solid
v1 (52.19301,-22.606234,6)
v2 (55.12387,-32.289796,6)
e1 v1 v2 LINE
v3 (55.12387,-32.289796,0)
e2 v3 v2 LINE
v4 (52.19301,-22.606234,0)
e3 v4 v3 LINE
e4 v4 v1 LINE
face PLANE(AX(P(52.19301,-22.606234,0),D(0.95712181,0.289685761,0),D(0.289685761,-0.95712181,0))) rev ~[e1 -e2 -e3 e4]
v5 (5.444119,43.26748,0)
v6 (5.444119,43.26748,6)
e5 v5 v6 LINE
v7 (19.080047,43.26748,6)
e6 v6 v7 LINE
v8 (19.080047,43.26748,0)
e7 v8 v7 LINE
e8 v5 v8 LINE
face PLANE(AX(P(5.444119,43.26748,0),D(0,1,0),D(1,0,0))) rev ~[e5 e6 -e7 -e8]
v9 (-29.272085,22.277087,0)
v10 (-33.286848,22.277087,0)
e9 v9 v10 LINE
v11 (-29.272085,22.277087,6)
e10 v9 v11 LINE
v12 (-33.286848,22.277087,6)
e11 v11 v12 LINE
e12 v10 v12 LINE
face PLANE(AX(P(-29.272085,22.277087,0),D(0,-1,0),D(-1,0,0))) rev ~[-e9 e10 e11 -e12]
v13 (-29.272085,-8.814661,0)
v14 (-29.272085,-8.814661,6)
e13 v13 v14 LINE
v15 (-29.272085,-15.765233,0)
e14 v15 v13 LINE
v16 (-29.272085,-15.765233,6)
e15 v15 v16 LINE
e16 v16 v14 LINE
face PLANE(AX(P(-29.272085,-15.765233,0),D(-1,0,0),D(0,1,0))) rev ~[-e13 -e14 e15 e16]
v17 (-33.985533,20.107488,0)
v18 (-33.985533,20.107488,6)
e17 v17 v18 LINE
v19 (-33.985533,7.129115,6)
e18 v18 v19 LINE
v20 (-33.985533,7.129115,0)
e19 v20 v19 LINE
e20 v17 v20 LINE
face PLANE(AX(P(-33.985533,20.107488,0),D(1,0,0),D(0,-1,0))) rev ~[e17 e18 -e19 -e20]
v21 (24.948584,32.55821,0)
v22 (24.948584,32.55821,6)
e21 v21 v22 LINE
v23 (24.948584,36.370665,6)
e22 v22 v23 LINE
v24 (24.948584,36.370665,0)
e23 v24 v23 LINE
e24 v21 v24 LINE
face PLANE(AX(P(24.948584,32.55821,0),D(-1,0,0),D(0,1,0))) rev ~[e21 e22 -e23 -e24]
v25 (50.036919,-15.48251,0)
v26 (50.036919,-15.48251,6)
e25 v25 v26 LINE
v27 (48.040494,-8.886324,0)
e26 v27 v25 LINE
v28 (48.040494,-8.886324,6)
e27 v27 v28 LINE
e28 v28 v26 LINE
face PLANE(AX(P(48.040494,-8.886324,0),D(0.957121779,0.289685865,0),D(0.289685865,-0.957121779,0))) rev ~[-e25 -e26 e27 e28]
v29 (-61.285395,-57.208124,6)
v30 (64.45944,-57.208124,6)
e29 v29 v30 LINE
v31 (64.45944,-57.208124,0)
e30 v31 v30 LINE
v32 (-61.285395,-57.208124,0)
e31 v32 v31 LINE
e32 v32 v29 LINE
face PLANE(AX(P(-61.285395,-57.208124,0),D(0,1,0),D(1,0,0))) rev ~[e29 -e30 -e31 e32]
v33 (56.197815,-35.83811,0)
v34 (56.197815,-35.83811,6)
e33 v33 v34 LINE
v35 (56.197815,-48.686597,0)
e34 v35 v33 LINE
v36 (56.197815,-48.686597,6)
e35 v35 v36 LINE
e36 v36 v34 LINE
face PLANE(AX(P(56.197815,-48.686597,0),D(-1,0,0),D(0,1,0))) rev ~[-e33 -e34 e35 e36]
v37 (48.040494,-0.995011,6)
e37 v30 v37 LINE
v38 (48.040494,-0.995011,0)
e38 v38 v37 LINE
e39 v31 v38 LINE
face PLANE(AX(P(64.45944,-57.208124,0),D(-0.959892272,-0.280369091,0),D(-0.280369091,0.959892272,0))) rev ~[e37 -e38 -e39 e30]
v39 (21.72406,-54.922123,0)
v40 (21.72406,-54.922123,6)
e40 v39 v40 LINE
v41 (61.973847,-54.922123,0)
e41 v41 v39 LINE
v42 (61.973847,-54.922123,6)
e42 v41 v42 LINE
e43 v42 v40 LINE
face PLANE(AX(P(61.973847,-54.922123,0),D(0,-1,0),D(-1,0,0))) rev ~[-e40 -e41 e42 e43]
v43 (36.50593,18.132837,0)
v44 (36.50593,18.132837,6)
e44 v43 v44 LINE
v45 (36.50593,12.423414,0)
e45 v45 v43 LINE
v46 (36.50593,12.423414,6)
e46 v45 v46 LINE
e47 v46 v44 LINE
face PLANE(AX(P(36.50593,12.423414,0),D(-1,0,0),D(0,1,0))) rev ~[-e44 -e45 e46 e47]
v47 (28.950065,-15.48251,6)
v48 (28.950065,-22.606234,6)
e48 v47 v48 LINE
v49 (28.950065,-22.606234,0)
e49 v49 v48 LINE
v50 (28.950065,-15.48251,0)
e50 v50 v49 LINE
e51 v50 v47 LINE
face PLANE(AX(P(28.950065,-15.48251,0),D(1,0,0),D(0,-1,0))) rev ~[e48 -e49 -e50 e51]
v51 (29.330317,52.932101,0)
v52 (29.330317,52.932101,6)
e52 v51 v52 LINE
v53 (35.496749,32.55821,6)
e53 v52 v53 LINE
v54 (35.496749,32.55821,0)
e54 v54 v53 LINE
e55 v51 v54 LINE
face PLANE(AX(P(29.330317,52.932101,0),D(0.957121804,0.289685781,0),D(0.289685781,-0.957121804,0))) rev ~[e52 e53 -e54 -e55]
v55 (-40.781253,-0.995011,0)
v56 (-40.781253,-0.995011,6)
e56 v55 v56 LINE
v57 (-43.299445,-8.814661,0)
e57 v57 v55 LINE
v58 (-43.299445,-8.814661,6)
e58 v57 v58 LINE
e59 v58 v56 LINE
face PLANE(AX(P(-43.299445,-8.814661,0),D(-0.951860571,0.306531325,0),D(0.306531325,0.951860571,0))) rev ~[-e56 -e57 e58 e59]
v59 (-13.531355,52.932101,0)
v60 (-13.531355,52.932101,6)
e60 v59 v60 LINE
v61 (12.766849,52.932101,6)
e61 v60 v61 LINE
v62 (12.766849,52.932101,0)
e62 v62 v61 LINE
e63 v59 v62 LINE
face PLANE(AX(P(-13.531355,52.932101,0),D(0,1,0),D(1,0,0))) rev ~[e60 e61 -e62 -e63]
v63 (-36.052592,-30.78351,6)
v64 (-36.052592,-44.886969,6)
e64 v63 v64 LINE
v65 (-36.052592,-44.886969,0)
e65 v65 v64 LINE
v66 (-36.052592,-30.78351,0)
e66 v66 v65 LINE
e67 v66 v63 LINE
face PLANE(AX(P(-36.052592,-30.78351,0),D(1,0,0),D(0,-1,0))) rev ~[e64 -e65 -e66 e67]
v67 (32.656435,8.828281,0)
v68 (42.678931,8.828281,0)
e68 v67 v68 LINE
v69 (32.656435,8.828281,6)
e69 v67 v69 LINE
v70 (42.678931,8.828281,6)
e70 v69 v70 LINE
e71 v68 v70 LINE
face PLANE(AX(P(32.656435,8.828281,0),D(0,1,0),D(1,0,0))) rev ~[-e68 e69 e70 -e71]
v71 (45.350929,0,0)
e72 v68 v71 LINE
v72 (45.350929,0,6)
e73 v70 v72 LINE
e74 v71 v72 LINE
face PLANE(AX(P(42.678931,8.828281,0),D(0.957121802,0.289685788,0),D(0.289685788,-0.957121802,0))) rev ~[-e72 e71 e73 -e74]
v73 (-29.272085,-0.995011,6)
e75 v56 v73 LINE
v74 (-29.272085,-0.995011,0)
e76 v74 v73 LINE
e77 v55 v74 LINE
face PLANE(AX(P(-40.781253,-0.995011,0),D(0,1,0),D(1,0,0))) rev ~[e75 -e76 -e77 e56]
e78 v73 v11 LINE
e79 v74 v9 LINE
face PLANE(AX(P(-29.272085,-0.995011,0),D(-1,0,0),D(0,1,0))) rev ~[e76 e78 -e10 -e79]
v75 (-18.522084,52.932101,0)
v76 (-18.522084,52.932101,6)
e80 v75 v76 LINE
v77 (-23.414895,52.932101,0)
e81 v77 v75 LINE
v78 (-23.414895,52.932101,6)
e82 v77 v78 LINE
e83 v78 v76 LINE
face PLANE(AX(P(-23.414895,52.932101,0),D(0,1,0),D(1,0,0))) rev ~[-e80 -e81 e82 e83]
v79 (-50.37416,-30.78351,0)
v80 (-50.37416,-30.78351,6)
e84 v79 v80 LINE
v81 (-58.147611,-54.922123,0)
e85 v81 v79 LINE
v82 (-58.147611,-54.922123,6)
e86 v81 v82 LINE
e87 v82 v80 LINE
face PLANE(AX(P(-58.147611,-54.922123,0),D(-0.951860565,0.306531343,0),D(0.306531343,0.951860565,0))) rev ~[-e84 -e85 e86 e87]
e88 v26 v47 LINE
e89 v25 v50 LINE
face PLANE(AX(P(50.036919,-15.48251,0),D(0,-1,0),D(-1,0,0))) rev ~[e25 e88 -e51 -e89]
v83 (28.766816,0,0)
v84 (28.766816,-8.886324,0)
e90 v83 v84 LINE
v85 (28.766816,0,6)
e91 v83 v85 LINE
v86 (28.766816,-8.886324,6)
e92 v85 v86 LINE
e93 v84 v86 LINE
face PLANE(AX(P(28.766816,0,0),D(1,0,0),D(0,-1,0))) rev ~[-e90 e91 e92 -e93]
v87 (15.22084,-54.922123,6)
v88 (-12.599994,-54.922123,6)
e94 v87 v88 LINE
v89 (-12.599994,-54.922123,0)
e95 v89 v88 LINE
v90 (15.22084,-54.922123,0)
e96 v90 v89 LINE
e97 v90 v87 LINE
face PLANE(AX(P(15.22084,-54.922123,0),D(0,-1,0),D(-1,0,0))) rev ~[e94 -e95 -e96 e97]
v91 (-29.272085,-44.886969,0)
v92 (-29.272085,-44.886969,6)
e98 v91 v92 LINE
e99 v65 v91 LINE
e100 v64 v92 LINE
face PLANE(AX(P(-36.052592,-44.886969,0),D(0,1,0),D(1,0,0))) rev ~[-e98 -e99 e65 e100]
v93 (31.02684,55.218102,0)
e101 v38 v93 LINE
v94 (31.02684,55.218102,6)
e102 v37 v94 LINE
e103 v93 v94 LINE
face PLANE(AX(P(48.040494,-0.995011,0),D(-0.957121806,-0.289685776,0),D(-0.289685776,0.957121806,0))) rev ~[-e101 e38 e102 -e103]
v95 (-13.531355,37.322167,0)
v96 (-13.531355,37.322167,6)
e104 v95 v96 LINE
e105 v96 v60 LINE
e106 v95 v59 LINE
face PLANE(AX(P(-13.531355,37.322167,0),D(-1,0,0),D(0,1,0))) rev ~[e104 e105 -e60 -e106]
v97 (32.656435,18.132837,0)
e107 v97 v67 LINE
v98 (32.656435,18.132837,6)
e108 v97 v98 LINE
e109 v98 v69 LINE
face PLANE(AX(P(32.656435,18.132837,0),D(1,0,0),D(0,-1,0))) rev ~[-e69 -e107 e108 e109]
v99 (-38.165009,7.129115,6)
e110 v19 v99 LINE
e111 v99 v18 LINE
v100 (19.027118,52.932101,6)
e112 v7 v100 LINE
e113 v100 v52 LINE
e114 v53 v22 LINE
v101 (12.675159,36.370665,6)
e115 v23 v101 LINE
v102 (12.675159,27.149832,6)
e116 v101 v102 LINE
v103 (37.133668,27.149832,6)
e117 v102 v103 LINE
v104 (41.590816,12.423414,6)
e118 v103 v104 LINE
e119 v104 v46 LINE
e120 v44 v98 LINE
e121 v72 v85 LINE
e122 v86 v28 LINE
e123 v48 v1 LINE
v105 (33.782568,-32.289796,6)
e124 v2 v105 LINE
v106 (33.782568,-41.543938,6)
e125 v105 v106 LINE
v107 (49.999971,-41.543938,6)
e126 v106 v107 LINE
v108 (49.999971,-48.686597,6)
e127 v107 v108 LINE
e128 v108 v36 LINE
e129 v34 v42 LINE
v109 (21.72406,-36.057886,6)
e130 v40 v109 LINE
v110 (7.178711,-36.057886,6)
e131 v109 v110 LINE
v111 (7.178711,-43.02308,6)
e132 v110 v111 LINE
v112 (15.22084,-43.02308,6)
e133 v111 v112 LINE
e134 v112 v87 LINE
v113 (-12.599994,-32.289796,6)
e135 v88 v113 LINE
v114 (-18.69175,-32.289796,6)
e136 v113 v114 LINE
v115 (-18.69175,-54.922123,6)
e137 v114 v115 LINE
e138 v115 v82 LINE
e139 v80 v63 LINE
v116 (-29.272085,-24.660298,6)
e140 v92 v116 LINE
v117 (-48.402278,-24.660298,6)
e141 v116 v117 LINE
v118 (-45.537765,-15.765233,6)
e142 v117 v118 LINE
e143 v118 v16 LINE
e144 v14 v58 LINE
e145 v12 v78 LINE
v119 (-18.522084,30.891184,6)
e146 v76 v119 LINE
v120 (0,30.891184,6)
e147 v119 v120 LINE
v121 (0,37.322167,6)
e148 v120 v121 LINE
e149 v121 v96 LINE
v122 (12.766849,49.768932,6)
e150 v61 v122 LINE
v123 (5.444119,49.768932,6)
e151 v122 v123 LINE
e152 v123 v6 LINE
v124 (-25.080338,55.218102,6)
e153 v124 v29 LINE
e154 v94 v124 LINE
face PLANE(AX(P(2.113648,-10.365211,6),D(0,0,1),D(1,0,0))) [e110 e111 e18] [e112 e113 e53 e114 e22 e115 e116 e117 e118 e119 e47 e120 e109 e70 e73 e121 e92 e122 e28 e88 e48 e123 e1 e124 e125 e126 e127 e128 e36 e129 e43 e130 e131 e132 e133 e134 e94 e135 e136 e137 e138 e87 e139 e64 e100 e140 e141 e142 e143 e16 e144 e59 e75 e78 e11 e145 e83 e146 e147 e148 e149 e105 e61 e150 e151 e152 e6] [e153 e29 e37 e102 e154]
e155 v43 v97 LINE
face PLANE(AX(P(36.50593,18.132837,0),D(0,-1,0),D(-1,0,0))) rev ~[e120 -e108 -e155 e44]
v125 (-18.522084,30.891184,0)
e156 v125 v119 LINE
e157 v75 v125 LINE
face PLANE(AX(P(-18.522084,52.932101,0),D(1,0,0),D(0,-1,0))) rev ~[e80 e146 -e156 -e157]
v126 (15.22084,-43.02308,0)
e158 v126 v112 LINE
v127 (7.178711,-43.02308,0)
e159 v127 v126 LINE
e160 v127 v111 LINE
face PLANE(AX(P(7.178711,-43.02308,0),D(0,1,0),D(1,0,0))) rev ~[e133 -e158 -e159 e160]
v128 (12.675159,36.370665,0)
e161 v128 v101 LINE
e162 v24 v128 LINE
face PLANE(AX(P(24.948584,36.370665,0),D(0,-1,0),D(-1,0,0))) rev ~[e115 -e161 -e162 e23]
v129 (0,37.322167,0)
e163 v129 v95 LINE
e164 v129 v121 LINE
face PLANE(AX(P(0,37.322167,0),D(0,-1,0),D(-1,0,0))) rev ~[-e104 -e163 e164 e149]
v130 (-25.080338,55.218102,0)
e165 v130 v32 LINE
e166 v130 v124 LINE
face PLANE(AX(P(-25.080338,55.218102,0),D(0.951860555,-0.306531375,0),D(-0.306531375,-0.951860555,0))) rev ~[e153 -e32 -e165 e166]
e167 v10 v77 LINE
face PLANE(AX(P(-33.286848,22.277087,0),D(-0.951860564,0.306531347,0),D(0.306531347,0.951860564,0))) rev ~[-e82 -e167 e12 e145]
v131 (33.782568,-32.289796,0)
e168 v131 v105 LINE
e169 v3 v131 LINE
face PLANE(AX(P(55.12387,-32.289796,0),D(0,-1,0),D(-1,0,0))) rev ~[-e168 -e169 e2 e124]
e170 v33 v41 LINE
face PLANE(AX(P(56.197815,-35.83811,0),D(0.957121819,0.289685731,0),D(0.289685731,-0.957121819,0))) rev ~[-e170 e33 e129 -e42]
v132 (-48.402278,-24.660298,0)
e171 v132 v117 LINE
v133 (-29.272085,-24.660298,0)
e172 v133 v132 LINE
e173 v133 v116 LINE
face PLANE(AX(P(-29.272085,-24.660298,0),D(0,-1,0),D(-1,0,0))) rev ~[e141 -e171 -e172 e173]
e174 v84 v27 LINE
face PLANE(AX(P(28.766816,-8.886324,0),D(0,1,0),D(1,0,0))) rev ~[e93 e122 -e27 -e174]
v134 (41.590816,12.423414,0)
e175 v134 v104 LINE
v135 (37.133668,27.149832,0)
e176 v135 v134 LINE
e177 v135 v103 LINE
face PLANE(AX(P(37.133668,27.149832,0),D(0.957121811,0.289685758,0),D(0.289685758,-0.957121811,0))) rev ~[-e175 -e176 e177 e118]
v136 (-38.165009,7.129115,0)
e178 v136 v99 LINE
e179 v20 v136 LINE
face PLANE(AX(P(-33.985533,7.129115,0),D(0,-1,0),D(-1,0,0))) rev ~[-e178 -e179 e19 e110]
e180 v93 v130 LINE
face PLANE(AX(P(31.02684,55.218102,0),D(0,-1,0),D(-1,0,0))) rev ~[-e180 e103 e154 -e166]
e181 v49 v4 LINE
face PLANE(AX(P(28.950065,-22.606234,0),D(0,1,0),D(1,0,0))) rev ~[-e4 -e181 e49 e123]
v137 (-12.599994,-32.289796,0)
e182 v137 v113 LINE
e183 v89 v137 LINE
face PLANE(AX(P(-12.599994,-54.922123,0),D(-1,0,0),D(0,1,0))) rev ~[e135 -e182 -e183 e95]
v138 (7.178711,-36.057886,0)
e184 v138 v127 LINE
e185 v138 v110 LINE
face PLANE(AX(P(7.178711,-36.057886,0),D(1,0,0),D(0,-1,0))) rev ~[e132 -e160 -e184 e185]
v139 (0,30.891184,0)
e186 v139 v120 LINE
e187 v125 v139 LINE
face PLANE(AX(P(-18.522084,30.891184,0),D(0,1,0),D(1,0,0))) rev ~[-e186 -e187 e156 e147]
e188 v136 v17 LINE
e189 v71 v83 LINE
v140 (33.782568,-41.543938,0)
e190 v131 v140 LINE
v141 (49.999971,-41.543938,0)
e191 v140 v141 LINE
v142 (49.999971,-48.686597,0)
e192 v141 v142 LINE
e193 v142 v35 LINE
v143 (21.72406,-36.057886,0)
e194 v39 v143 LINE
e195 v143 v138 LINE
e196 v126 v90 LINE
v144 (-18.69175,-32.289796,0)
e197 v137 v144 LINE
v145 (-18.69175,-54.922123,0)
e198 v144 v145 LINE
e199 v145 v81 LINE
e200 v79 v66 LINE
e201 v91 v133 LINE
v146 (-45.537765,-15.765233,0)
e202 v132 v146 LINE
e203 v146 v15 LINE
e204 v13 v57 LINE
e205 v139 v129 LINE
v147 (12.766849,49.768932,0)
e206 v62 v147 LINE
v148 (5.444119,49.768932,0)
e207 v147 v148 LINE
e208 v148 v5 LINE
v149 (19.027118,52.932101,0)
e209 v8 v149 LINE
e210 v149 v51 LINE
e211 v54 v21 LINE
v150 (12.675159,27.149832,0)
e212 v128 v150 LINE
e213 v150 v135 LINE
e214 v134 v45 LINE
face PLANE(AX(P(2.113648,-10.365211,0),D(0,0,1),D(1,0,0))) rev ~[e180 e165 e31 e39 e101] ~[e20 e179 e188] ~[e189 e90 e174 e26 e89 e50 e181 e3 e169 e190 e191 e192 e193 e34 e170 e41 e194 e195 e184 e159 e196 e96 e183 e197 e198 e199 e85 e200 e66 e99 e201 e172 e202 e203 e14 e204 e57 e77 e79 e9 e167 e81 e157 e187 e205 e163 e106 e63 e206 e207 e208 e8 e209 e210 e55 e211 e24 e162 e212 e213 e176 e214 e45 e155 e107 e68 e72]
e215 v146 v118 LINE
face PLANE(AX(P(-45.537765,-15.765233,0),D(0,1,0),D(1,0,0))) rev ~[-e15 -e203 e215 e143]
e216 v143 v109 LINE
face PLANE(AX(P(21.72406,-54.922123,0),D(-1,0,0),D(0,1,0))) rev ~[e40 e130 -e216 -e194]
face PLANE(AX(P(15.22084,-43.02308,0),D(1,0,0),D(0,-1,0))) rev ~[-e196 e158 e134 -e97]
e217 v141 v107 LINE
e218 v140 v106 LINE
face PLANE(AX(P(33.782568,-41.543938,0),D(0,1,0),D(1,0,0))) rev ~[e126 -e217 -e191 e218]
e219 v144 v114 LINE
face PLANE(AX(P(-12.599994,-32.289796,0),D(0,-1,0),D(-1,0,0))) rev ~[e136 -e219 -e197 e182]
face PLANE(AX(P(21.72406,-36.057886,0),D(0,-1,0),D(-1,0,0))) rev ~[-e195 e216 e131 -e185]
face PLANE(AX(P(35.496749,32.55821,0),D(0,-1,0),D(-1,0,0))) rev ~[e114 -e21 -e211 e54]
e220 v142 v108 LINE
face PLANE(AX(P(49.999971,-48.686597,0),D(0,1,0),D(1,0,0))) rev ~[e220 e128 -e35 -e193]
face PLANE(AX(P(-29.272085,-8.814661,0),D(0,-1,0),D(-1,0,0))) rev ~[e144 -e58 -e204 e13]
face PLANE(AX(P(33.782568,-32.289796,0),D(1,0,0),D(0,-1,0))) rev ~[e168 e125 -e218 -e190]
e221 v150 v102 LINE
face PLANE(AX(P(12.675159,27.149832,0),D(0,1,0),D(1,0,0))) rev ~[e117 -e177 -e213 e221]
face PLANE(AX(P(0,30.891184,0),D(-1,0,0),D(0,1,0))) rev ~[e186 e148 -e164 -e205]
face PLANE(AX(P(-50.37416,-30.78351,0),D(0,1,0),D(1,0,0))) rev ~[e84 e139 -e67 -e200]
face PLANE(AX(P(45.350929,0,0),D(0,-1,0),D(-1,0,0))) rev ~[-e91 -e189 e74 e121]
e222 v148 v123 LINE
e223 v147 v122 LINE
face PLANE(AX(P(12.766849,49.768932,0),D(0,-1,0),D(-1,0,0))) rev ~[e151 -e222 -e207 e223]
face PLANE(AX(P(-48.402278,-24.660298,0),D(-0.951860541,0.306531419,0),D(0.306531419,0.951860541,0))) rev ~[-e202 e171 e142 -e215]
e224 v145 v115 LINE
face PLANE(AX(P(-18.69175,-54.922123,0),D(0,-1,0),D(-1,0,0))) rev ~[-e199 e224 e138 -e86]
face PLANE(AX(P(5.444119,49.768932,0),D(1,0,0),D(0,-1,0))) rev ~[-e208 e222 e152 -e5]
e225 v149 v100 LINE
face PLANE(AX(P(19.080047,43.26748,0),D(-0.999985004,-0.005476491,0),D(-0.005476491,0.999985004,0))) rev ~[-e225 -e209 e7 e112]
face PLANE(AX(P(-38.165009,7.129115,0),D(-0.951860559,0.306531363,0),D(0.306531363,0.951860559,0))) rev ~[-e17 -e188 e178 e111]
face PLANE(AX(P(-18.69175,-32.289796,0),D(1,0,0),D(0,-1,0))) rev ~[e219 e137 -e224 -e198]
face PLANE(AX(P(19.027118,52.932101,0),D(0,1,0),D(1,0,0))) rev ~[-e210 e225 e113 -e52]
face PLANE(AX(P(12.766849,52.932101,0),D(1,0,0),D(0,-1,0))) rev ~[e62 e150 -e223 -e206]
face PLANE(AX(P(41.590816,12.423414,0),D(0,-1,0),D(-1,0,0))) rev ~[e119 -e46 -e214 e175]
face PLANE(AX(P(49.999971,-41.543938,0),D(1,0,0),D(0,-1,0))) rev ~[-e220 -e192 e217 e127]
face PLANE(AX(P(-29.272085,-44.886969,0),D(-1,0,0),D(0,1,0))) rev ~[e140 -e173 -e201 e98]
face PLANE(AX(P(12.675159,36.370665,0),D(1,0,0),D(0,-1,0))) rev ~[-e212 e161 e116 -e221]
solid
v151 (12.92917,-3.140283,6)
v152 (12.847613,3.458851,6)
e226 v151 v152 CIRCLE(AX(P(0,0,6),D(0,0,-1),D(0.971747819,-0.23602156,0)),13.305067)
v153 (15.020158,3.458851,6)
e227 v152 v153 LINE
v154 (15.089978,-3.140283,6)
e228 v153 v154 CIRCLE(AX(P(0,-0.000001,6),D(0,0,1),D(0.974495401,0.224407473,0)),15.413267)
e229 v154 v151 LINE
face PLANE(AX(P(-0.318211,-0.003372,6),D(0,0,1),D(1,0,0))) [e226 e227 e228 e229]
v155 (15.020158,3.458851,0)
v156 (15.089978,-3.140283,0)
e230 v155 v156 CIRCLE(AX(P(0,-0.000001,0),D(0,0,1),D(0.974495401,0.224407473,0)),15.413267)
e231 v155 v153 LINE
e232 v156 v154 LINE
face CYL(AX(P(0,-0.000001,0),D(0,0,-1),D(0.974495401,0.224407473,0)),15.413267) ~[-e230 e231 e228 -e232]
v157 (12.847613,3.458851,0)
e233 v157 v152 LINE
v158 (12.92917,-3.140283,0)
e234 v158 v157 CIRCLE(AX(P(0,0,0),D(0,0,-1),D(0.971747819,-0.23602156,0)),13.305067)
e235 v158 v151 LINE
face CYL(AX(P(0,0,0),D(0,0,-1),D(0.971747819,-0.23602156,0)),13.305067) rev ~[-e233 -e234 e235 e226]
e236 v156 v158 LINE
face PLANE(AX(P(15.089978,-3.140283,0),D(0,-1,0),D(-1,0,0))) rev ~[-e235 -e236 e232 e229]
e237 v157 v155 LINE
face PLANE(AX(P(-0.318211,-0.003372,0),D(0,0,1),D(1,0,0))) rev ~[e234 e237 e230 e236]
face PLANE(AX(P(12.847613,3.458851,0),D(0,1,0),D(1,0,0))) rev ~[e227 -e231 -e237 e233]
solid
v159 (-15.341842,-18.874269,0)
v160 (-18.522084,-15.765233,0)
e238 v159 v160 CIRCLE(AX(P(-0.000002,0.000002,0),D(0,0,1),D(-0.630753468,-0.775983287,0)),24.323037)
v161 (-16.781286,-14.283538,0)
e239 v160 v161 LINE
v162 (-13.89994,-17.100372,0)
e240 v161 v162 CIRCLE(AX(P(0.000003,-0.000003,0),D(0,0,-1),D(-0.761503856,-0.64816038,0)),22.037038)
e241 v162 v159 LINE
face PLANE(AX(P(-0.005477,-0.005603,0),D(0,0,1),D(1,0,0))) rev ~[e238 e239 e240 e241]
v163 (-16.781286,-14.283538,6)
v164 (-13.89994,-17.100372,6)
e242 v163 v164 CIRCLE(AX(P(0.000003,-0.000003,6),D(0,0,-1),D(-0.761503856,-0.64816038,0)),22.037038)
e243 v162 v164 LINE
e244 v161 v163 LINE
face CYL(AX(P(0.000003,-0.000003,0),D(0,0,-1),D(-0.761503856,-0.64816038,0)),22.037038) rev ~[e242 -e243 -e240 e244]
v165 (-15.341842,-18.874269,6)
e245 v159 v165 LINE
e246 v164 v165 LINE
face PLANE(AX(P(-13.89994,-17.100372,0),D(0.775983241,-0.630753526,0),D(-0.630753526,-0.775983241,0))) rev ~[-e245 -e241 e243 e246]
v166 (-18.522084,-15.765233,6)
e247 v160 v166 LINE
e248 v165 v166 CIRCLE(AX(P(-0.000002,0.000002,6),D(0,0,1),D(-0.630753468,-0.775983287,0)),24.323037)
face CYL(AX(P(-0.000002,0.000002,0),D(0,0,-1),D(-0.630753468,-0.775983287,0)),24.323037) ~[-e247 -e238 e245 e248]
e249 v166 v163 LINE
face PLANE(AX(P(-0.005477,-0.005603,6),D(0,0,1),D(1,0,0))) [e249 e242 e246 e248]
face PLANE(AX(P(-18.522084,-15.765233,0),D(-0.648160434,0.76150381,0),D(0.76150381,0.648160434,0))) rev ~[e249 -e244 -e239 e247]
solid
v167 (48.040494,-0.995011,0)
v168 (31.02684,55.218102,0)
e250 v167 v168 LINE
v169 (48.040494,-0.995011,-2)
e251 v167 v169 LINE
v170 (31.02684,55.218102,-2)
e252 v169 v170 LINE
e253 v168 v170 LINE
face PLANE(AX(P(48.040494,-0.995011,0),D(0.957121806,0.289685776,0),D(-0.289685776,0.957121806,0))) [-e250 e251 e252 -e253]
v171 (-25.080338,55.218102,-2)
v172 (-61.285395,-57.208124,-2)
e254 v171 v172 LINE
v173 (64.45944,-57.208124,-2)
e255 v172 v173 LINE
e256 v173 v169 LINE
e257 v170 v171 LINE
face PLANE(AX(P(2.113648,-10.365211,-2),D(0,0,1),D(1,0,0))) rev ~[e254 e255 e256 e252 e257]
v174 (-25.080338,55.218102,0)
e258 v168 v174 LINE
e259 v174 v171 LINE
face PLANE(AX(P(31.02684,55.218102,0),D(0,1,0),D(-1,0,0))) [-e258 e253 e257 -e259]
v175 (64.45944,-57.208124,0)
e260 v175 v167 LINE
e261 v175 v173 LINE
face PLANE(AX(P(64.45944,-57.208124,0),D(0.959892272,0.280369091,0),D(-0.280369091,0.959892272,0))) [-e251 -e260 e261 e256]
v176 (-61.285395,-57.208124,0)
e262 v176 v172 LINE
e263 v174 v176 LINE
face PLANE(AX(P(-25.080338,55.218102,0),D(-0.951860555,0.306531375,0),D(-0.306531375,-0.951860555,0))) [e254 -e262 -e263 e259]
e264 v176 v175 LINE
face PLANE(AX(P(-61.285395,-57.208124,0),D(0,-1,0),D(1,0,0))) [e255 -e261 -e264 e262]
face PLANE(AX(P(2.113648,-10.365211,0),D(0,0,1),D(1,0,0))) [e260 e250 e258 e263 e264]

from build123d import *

# Parameters (mm, degrees)
F1_DEPTH = 6
F3_DEPTH = 2


with BuildPart() as f1:
    # F0 (on Top) → F1 (new body)
    with BuildSketch(Plane.XY):
        Polygon((31.02684, 55.218102), (-25.080338, 55.218102), (-61.285395, -57.208124), (64.45944, -57.208124), (48.040494, -0.995011), align=None)
        Polygon((-38.165009, 7.129115), (-33.985533, 20.107488), (-33.985533, 7.129115), align=None, mode=Mode.SUBTRACT)
        Polygon((-18.69175, -54.922123), (-58.147611, -54.922123), (-50.37416, -30.78351), (-36.052592, -30.78351), (-36.052592, -44.886969), (-29.272085, -44.886969), (-29.272085, -24.660298), (-48.402278, -24.660298), (-45.537765, -15.765233), (-29.272085, -15.765233), (-29.272085, -8.814661), (-43.299445, -8.814661), (-40.781253, -0.995011), (-29.272085, -0.995011), (-29.272085, 22.277087), (-33.286848, 22.277087), (-23.414895, 52.932101), (-18.522084, 52.932101), (-18.522084, 30.891184), (0, 30.891184), (0, 37.322167), (-13.531355, 37.322167), (-13.531355, 52.932101), (12.766849, 52.932101), (12.766849, 49.768932), (5.444119, 49.768932), (5.444119, 43.26748), (19.080047, 43.26748), (19.027118, 52.932101), (29.330317, 52.932101), (35.496749, 32.55821), (24.948584, 32.55821), (24.948584, 36.370665), (12.675159, 36.370665), (12.675159, 27.149832), (37.133668, 27.149832), (41.590816, 12.423414), (36.50593, 12.423414), (36.50593, 18.132837), (32.656435, 18.132837), (32.656435, 8.828281), (42.678931, 8.828281), (45.350929, 0), (28.766816, 0), (28.766816, -8.886324), (48.040494, -8.886324), (50.036919, -15.48251), (28.950065, -15.48251), (28.950065, -22.606234), (52.19301, -22.606234), (55.12387, -32.289796), (33.782568, -32.289796), (33.782568, -41.543938), (49.999971, -41.543938), (49.999971, -48.686597), (56.197815, -48.686597), (56.197815, -35.83811), (61.973847, -54.922123), (21.72406, -54.922123), (21.72406, -36.057886), (7.178711, -36.057886), (7.178711, -43.02308), (15.22084, -43.02308), (15.22084, -54.922123), (-12.599994, -54.922123), (-12.599994, -32.289796), (-18.69175, -32.289796), align=None, mode=Mode.SUBTRACT)
        with BuildLine():
            Line((-13.89994, -17.100372), (-15.341842, -18.874269))
            ThreePointArc((-15.341842, -18.874269), (17.003173, 17.392592), (-18.522084, -15.765233))
            Line((-18.522084, -15.765233), (-16.781286, -14.283538))
            ThreePointArc((-16.781286, -14.283538), (15.405131, 15.75795), (-13.89994, -17.100372))
        make_face()
        with BuildLine():
            Line((12.847613, 3.458851), (15.020158, 3.458851))
            ThreePointArc((15.020158, 3.458851), (-15.412404, -0.163065), (15.089978, -3.140283))
            Line((15.089978, -3.140283), (12.92917, -3.140283))
            ThreePointArc((12.92917, -3.140283), (-13.304051, -0.164421), (12.847613, 3.458851))
        make_face()
    extrude(amount=F1_DEPTH)


with BuildPart() as f3:
    # F2 (on Top) → F3 (new body)
    with BuildSketch(Plane.XY):
        Polygon((-25.080338, 55.218102), (-61.285395, -57.208124), (64.45944, -57.208124), (48.040494, -0.995011), (31.02684, 55.218102), align=None)
    extrude(amount=-F3_DEPTH)


solid = Compound([f1.part, f3.part])
